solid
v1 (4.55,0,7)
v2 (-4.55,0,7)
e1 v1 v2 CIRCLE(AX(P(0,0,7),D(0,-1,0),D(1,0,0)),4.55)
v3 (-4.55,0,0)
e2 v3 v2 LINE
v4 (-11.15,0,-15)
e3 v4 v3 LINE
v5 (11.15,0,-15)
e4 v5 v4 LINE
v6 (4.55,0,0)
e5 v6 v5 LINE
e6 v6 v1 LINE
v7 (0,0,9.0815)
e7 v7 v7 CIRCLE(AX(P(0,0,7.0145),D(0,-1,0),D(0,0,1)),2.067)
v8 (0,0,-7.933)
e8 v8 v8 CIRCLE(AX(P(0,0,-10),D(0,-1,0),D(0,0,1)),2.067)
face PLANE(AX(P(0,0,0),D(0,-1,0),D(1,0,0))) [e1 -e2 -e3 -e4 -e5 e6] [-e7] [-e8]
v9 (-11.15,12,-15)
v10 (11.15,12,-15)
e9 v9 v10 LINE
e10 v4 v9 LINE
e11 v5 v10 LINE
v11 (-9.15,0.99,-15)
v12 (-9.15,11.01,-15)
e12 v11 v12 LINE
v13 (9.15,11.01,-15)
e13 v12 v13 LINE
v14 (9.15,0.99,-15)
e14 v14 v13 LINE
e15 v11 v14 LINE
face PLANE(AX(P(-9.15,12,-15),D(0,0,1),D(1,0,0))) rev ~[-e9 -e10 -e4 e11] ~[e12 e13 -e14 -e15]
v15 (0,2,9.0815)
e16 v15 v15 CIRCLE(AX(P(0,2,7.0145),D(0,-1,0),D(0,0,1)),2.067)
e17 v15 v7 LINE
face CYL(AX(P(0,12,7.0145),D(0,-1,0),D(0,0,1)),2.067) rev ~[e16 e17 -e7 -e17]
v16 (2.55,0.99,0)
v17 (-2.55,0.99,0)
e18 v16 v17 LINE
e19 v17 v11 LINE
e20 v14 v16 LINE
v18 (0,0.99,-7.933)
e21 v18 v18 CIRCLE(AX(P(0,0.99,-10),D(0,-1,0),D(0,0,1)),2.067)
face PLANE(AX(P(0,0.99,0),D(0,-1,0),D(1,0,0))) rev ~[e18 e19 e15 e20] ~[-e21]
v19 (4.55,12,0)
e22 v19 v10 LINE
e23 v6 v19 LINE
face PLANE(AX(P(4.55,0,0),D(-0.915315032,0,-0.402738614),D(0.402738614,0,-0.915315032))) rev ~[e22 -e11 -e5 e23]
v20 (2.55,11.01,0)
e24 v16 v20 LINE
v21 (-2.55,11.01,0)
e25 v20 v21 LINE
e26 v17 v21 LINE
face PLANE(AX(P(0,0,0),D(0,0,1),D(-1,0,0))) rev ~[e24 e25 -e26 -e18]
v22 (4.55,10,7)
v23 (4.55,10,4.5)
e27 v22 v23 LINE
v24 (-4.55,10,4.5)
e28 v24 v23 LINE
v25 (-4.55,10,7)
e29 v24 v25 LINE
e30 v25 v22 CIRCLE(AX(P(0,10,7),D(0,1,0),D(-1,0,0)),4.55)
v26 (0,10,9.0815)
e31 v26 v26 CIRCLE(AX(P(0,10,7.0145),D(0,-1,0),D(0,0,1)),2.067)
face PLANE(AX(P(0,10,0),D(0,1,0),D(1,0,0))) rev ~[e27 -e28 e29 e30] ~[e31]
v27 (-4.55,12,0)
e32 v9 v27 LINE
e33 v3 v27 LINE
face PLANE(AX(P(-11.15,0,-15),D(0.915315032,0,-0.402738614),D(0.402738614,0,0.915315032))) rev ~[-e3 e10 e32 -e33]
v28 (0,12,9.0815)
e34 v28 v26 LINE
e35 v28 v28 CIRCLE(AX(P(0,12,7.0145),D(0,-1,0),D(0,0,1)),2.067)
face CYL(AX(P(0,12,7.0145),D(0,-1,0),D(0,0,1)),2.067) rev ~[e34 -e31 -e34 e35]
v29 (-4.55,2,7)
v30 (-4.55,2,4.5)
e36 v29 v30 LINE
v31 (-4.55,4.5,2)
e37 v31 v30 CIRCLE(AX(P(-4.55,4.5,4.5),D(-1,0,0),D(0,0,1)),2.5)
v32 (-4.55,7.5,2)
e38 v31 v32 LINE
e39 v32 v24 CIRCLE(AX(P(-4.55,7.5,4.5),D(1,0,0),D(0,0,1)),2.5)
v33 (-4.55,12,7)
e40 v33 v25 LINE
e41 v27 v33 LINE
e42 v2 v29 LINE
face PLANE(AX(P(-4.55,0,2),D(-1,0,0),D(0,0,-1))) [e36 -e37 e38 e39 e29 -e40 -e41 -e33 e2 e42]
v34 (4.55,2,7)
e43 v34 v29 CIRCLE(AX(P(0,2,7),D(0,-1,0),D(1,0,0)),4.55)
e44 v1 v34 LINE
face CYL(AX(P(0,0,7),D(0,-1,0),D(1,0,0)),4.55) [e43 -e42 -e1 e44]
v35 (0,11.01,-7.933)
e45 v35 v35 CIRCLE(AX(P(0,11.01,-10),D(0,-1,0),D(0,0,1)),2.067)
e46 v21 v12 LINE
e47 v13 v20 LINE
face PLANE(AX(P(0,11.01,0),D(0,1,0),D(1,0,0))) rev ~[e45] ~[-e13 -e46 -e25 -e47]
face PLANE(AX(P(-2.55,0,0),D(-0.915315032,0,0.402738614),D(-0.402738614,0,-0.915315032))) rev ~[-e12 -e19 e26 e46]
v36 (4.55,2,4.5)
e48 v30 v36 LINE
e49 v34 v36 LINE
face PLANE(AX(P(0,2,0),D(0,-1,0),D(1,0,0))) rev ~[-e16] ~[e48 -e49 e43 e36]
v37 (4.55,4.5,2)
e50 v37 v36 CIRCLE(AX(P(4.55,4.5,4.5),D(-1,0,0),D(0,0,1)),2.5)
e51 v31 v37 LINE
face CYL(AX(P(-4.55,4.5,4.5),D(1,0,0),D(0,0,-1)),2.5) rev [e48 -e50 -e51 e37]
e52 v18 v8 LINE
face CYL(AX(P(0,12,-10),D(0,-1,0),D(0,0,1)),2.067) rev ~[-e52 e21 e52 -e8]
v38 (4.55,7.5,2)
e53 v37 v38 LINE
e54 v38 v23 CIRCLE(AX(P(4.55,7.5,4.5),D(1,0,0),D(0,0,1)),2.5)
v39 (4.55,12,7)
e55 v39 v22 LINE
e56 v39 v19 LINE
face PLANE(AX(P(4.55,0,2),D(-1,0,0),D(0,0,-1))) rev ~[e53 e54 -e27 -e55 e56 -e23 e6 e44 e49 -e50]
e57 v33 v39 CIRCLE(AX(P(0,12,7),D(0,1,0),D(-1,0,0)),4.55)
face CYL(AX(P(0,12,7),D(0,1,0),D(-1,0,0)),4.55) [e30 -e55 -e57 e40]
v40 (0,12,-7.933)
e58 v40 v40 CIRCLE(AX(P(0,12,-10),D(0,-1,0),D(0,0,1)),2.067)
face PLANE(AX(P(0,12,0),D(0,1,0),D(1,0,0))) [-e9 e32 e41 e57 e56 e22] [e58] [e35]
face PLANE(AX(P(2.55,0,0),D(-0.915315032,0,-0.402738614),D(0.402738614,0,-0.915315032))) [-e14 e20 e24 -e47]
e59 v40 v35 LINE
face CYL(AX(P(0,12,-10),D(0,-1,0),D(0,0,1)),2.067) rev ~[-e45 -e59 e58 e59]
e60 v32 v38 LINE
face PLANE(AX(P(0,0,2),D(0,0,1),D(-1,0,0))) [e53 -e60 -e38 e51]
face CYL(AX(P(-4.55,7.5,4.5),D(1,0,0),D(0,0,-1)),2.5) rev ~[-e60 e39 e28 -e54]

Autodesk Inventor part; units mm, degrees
ref_plane "YZ Plane" through (0, 0, 0) normal (1, 0, 0) x (0, 1, 0)
ref_plane "XZ Plane" through (0, 0, 0) normal (0, 1, 0) x (-1, 0, 0)
ref_plane "XY Plane" through (0, 0, 0) normal (0, 0, 1) x (1, 0, 0)
sketch "Esquisse1" plane through (0, 0, 0) normal (0, 1, 0) x (-1, 0, 0)
  line L0 (0, 0) -> (0, -15)
  line L1 (0, -15) -> (9.15, -15)
  line L2 (0, -15) -> (9.15, -15) construction
  line L3 (0, -15) -> (-9.15, -15)
  line L4 (0, 0) -> (2.55, 0)
  line L5 (0, 0) -> (-2.55, 0)
  line L6 (-2.55, 0) -> (-9.15, -15)
  line L7 (2.55, 0) -> (9.15, -15)
  line L8 (2.55, 0) -> (4.55, 0)
  line L9 (9.15, -15) -> (11.15, -15)
  line L10 (11.15, -15) -> (4.55, 0)
  line L11 (-9.15, -15) -> (-11.15, -15)
  line L12 (-2.55, 0) -> (-4.55, 0)
  line L13 (-4.55, 0) -> (-11.15, -15)
  line L14 (0, 0) -> (0, 2)
  line L15 (0, 2) -> (4.55, 2)
  line L16 (4.55, 2) -> (4.55, 0)
  line L17 (0, 2) -> (-4.55, 2)
  line L18 (-4.55, 2) -> (-4.55, 0)
  dimension "d0" = 15
  dimension "d1" = 9.15
  dimension "d2" = 0
  dimension "d3" = 9.15
  dimension "d4" = 2.55
  dimension "d5" = 2.55
  dimension "d7" = 2
  dimension "d8" = 2
  dimension "d9" = 2
  dimension "d10" = 2
  dimension "d11" = 2
extrude "Extrusion1" add sketch "Esquisse1" along normal blind 12 contours L14 L15 L16 L8 L4 | L5 L12 L18 L17 L14 | L8 L10 L9 L7 | L6 L11 L13 L12
sketch "Esquisse2" plane through (0, 0, 0) normal (0, -1, 0) x (1, 0, 0)
  line L0 (-2.55, 0) -> (-9.15, -15) projected
  line L1 (-2.55, 0) -> (-9.15, -15)
  line L2 (9.15, -15) -> (2.55, 0) projected
  line L3 (-9.15, -15) -> (9.15, -15)
  line L4 (9.15, -15) -> (2.55, 0)
  line L5 (2.55, 0) -> (-2.55, 0)
  point P0 (0, 0)
extrude "Extrusion2" add sketch "Esquisse2" against normal blind 0.99
sketch "Esquisse3" plane through (0, 12, 0) normal (0, 1, 0) x (1, 0, 0)
  line L0 (2.55, 0) -> (-2.55, 0) projected
  line L1 (2.55, 0) -> (-2.55, 0)
  line L2 (-9.15, 15) -> (-11.15, 15) projected
  line L3 (-2.55, 0) -> (-9.15, 15)
  line L4 (9.15, 15) -> (2.55, 0) projected
  line L5 (-9.15, 15) -> (9.15, 15)
  line L6 (9.15, 15) -> (2.55, 0)
  point P0 (0, 0)
extrude "Extrusion3" add sketch "Esquisse3" against normal blind 0.99
sketch "Esquisse4" plane through (0, 12, 0) normal (0, 1, 0) x (1, 0, 0)
  line L0 (0, 0) -> (0, 15)
  line L1 (11.15, 15) -> (-11.15, 15) projected
  line L2 (0, 0) -> (0, 10)
  line L3 (0, 10) -> (0, 20)
  dimension "d18" = 10
  dimension "d19" = 10
hole "Perçage1" at (0, 12, -10) at (0, 12, -20) direction (0, -1, 0) diameter 4.134 end through all thread size "M5x0.8" class "6H" standard "ISO Metric profile"
sketch "Esquisse5" plane through (0, 12, 0) normal (0, 1, 0) x (1, 0, 0)
  line L0 (-4.55, -2) -> (4.55, -2) projected
  line L1 (-4.55, -2) -> (-4.55, -7)
  line L2 (-4.55, -7) -> (4.55, -7)
  line L3 (4.55, -7) -> (4.55, -2)
  arc A0 (-4.55, -7) -> (4.55, -7) centre (0, -7) ccw
  point P0 (0, 0)
  dimension "d27" = 5
extrude "Extrusion4" add sketch "Esquisse5" against normal blind 2
fillet "Congé1" radius 2.5 1 edges at (0, 10, 2)
sketch "Esquisse7" plane through (0, 12, 0) normal (0, 1, 0) x (1, 0, 0)
  line L0 (4.55, -4.5) -> (-4.55, -4.5) projected
  line L1 (0, -4.5) -> (0, -7.0145)
  point P0 (0, 0)
  dimension "d43" = 2.5145
sketch "Esquisse8" plane through (0, 0, 0) normal (0, -1, 0) x (1, 0, 0)
  line L0 (-4.55, 2) -> (4.55, 2) projected
  line L1 (-4.55, 7) -> (-4.55, 2)
  line L2 (4.55, 7) -> (4.55, 0) projected
  line L3 (4.55, 2) -> (4.55, 7)
  line L4 (-4.55, 2) -> (4.55, 2)
  arc A0 (4.55, 7) -> (-4.55, 7) centre (0, 0.4199) ccw
  arc A1 (4.55, 7) -> (-4.55, 7) centre (0, 7) ccw projected
  line L5 (-4.55, 0) -> (-4.55, 7) projected
  point P0 (0, 0)
extrude "Extrusion5" add sketch "Esquisse8" against normal blind 2
fillet "Congé2" radius 2.5 1 edges at (0, 2, 2)
hole "Perçage2" at (0, 12, 7.0145) direction (0, -1, 0) diameter 4.134 end through all thread size "M5x0.8" class "6H" standard "ISO Metric profile"
properties part number "Fixation_rotule_axe_centrale"
